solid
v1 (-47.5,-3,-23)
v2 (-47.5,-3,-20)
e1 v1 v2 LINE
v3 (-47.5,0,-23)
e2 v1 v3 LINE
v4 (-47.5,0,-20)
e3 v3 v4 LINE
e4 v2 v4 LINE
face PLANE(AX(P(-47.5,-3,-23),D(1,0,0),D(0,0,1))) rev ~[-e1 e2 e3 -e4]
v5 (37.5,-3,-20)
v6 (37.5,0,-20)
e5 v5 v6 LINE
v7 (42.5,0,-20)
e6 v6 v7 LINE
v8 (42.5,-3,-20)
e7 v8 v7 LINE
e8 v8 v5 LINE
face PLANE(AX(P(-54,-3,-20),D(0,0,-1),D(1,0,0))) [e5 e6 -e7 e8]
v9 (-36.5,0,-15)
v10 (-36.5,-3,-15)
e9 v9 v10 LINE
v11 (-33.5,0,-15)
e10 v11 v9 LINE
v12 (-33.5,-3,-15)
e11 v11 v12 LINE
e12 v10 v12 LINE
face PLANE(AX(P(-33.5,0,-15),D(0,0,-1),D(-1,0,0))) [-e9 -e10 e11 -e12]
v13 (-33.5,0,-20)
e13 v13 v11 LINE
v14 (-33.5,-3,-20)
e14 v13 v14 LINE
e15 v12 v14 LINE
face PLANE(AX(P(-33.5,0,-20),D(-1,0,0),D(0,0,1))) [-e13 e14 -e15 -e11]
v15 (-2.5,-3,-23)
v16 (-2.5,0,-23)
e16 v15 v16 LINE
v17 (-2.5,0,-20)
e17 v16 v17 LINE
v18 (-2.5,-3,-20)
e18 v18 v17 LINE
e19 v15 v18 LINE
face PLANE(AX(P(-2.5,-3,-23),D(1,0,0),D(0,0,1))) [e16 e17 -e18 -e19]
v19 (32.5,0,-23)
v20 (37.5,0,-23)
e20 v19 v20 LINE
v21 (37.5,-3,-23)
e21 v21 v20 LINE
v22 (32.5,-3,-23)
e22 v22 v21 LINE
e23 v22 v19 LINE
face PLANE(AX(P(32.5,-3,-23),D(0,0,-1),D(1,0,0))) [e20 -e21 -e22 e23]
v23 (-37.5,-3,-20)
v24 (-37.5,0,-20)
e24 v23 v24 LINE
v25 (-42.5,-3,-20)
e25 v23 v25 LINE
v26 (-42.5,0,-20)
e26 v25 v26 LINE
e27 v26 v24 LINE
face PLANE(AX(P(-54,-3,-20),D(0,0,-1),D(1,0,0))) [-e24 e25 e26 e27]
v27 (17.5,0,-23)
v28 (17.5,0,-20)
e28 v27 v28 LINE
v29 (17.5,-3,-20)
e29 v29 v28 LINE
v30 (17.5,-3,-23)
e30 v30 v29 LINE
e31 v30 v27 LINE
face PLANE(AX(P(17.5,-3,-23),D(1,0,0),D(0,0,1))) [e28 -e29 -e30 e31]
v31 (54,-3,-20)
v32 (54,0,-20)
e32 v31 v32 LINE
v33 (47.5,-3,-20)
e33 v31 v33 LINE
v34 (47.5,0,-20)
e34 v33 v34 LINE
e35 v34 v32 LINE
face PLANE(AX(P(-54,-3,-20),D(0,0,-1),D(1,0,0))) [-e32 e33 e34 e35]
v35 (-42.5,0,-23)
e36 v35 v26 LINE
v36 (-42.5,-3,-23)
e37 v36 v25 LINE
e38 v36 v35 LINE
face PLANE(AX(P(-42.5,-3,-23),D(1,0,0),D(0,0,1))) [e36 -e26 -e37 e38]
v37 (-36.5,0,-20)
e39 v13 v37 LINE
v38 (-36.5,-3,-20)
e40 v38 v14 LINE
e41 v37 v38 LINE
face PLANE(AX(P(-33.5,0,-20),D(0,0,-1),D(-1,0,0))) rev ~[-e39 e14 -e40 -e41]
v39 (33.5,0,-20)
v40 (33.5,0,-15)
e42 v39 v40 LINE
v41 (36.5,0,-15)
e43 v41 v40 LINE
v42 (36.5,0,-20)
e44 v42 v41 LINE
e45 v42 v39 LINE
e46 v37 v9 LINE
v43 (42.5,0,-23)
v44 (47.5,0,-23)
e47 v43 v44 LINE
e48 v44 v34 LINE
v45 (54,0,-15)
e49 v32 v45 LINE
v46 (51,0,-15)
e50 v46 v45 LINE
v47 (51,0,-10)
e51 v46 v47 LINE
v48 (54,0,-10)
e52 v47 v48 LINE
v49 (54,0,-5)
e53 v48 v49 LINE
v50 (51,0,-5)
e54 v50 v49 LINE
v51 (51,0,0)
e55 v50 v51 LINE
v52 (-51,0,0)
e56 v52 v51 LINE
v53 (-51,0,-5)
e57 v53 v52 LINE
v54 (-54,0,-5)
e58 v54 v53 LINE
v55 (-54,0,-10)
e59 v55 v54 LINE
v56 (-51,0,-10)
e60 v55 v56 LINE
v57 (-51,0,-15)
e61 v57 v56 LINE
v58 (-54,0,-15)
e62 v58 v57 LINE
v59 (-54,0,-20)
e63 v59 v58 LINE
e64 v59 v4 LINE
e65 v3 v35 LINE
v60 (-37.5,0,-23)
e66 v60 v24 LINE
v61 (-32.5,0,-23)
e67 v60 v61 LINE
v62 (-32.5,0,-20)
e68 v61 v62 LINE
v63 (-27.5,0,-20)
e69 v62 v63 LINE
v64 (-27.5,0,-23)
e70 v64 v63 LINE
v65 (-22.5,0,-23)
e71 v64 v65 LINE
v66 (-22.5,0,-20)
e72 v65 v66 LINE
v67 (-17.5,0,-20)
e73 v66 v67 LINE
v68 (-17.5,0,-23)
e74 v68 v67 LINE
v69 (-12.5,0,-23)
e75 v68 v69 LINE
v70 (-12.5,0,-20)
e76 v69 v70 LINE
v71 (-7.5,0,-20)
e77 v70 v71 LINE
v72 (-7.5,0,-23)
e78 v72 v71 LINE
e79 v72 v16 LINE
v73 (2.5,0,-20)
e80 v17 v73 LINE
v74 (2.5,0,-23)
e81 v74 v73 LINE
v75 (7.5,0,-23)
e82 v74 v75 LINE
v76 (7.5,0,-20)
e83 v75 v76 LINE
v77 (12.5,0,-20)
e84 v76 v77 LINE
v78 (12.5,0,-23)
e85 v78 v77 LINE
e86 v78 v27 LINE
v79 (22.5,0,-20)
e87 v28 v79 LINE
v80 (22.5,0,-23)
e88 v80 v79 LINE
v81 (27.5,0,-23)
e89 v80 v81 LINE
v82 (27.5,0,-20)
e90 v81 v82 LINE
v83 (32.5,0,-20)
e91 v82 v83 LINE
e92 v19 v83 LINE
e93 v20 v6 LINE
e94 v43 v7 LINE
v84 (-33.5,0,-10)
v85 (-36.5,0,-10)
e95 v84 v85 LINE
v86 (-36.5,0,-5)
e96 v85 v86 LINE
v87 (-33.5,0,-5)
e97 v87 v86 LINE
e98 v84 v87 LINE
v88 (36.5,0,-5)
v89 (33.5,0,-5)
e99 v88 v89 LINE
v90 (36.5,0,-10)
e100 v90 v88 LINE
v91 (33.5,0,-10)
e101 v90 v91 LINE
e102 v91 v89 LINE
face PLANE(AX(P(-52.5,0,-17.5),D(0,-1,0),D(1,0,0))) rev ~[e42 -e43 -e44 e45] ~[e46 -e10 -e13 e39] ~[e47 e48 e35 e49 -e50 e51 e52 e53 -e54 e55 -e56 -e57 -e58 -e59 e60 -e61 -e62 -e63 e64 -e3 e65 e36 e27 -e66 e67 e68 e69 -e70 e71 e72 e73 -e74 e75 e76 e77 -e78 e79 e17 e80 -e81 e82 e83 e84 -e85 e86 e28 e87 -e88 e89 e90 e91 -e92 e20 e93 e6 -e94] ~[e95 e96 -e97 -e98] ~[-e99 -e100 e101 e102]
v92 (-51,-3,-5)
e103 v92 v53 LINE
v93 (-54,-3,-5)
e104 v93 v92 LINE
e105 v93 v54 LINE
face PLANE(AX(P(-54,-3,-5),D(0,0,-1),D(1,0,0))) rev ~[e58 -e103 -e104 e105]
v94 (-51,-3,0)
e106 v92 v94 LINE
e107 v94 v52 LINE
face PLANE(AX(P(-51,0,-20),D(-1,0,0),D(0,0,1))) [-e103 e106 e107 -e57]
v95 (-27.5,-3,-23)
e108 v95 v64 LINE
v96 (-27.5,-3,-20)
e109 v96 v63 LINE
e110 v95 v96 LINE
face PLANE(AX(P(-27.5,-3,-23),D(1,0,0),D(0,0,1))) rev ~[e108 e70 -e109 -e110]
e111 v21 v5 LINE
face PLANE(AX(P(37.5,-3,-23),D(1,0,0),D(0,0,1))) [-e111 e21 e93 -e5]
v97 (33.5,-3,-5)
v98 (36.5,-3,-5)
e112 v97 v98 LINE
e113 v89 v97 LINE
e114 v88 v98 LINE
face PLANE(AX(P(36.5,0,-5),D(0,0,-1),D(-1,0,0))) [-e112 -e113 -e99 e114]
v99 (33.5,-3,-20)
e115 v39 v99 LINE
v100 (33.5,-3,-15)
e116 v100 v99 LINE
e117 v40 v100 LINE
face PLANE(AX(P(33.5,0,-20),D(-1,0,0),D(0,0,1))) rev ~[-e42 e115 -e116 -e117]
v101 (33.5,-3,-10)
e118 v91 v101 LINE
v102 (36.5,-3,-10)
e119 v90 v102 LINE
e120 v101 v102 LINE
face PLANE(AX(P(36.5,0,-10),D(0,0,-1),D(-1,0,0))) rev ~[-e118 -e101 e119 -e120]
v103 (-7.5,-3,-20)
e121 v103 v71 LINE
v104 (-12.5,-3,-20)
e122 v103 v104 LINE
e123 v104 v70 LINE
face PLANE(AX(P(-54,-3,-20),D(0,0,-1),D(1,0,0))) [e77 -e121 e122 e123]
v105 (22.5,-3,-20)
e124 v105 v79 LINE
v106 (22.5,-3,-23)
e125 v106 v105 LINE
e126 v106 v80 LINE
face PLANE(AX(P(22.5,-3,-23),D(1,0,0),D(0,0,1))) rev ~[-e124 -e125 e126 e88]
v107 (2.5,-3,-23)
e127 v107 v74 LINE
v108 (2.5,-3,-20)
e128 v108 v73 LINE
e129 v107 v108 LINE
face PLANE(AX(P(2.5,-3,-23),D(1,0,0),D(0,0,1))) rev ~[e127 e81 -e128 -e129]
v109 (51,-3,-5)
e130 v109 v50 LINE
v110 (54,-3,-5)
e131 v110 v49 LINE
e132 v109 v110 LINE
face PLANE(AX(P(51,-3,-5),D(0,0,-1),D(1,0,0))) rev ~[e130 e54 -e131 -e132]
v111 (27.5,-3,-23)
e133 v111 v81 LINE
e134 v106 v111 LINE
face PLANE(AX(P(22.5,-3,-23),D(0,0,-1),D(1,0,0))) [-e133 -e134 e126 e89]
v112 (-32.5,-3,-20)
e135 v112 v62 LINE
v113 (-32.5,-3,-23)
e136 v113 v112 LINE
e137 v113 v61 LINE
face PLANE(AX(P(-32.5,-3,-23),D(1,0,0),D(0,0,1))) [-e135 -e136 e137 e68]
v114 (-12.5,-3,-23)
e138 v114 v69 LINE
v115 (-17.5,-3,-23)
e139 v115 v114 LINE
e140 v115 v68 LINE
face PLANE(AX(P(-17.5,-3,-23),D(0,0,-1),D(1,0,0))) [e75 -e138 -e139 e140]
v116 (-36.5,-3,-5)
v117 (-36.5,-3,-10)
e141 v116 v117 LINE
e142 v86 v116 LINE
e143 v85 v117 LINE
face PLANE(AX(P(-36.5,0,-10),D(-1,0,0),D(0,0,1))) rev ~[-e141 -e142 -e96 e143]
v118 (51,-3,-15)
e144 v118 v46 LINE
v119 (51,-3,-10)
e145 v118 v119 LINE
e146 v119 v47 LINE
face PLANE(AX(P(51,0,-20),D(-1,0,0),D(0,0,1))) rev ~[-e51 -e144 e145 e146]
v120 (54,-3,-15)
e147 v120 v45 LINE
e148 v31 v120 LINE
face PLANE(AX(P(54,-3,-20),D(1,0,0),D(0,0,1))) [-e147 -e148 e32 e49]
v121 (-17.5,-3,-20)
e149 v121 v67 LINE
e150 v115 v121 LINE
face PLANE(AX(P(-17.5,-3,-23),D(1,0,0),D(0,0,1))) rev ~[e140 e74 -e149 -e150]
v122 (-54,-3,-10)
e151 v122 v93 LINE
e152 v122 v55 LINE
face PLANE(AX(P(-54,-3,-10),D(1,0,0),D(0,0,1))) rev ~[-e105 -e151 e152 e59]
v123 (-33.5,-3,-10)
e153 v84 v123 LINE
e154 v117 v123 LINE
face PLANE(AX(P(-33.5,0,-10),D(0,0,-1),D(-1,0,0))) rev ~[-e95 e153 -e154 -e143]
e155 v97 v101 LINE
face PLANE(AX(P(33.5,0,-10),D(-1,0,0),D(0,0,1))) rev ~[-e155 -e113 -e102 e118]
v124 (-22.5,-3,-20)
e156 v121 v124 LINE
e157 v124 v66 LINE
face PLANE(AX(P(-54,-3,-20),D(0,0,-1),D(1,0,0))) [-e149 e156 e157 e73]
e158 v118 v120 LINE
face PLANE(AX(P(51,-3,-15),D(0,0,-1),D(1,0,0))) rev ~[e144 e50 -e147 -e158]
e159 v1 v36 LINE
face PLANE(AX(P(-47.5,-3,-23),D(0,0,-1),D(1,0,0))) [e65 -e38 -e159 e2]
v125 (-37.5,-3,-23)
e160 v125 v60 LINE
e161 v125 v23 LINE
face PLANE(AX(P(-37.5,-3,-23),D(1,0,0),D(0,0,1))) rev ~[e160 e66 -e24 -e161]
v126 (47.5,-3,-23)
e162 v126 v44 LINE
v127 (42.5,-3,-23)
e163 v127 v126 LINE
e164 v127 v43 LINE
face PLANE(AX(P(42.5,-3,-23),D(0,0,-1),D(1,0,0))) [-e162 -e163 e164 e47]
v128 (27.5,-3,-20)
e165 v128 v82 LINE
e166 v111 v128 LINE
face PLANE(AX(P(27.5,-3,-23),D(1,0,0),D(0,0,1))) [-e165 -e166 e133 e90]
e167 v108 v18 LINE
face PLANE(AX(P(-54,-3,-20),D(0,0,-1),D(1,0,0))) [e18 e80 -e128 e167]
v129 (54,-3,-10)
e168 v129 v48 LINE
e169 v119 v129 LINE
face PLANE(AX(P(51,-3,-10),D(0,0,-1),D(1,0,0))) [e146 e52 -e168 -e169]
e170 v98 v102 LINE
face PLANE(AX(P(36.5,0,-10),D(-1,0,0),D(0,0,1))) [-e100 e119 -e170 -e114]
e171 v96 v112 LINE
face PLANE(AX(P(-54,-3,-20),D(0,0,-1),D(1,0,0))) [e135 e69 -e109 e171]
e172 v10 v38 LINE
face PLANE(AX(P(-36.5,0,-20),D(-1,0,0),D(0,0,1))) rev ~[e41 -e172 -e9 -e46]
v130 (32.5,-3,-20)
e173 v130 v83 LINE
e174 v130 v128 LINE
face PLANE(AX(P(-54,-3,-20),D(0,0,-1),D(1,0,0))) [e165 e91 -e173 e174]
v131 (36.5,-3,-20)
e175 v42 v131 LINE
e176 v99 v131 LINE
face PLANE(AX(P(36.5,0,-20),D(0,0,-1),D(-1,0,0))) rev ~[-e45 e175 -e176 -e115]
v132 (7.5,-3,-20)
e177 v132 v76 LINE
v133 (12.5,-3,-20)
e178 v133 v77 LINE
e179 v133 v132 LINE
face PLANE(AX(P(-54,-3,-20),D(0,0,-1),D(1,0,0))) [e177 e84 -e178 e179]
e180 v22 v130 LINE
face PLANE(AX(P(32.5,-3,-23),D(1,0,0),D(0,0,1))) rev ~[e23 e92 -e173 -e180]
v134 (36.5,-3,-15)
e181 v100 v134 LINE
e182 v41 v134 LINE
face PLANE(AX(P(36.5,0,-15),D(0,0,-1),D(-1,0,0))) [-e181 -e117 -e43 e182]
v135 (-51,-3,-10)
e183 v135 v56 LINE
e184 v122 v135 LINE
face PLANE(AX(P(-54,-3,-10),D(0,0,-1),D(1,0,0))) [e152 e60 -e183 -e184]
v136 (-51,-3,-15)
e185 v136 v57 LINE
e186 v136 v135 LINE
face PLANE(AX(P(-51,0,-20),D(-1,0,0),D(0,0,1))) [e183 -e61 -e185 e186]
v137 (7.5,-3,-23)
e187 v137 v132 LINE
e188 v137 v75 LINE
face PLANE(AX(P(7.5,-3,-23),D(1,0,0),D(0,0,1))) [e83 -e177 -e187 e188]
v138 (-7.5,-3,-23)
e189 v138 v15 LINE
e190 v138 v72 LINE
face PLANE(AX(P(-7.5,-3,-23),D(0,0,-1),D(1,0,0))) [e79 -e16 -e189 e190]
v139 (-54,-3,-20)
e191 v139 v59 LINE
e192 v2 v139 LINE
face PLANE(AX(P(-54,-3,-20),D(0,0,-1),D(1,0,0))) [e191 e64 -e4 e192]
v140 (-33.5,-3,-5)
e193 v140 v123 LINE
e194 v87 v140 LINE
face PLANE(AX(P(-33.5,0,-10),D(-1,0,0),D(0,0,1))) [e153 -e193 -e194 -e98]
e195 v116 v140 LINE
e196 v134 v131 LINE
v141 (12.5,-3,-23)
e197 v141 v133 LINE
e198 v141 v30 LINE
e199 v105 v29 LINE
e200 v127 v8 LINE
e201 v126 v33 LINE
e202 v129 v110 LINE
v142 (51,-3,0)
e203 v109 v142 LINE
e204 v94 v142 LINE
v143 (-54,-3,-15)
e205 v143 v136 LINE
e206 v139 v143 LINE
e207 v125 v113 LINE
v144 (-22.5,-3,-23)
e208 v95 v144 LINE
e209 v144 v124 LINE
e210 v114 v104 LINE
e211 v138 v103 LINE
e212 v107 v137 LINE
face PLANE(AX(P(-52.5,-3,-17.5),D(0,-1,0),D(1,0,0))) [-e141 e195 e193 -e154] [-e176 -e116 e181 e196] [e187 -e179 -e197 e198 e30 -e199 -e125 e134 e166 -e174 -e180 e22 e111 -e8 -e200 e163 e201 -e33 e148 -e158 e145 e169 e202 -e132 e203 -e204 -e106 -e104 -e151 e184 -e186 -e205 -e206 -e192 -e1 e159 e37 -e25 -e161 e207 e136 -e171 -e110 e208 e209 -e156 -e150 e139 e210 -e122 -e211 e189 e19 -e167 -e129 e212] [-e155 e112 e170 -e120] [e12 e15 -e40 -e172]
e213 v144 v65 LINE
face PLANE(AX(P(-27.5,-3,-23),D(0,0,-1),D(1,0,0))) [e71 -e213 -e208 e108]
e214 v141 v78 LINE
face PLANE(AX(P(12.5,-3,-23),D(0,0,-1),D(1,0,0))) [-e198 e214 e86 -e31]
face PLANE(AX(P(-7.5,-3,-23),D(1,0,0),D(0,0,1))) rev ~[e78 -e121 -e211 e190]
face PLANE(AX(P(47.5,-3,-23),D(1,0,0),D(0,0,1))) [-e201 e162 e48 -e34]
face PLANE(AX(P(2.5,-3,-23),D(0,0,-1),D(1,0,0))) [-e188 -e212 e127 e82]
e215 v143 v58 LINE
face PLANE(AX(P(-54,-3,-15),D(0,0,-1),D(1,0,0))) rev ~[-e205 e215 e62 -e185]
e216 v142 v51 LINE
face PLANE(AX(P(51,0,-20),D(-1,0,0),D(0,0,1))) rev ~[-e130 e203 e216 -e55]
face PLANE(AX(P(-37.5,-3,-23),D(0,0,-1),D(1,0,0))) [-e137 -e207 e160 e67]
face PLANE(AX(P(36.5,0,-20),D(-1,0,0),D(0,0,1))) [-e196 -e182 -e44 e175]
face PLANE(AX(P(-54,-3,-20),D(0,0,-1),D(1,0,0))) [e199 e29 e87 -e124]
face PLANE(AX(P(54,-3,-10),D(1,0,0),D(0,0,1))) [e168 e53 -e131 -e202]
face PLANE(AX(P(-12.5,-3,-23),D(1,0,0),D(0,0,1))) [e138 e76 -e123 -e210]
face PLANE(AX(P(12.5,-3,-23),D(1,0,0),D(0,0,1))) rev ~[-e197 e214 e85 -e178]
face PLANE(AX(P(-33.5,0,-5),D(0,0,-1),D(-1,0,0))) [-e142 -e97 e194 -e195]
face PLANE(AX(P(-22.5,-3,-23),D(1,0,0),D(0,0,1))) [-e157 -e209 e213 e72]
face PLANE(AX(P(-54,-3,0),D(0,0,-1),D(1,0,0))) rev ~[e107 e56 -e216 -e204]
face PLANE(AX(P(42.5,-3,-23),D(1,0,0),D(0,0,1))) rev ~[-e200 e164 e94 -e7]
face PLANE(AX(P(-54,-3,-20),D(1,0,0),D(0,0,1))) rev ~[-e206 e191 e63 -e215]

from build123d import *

# Parameters (mm, degrees)
F0_W     = 102
F0_H     = 40
F1_DEPTH = 3
F2_W     = 3
F2_H     = 5
F3_DEPTH = 3
F4_W     = 5
F4_H     = 3
F5_DEPTH = 3
F6_W     = 114.49237
F6_H     = 23.447346
F7_DEPTH = 25
F8_W     = 3
F8_H     = 5
F9_DEPTH = 25


with BuildPart() as f1:
    # F0 (on Front) → F1 (new body)
    with BuildSketch(Plane.XZ):
        Rectangle(F0_W, F0_H)
    extrude(amount=F1_DEPTH)

    # F2 (on face) → F3 (join)
    with BuildSketch(Plane.XZ.offset(3)):
        with Locations((-52.5, -17.5)):
            Rectangle(F2_W, F2_H)
        with Locations((-52.5, -7.5)):
            Rectangle(F2_W, F2_H)
        with Locations((-52.5, 2.5)):
            Rectangle(F2_W, F2_H)
        with Locations((-52.5, 12.5)):
            Rectangle(F2_W, F2_H)
        with Locations((52.5, -7.5)):
            Rectangle(F2_W, F2_H)
        with Locations((52.5, -17.5)):
            Rectangle(F2_W, F2_H)
        with Locations((52.5, 12.5)):
            Rectangle(F2_W, F2_H)
        with Locations((52.5, 2.5)):
            Rectangle(F2_W, F2_H)
    extrude(amount=-F3_DEPTH)

    # F4 (on face) → F5 (join)
    with BuildSketch(Plane.XZ.offset(3)):
        with Locations((5, -21.5)):
            Rectangle(F4_W, F4_H)
        with Locations((15, -21.5)):
            Rectangle(F4_W, F4_H)
        with Locations((25, -21.5)):
            Rectangle(F4_W, F4_H)
        with Locations((35, -21.5)):
            Rectangle(F4_W, F4_H)
        with Locations((45, -21.5)):
            Rectangle(F4_W, F4_H)
        with Locations((-25, -21.5)):
            Rectangle(F4_W, F4_H)
        with Locations((-15, -21.5)):
            Rectangle(F4_W, F4_H)
        with Locations((-5, -21.5)):
            Rectangle(F4_W, F4_H)
        with Locations((-35, -21.5)):
            Rectangle(F4_W, F4_H)
        with Locations((-45, -21.5)):
            Rectangle(F4_W, F4_H)
    extrude(amount=-F5_DEPTH)

    # F6 (on face) → F7 (cut)
    with BuildSketch(Plane.XZ.offset(3)):
        with Locations((3.246185, 11.723673)):
            Rectangle(F6_W, F6_H)
    extrude(amount=-F7_DEPTH, mode=Mode.SUBTRACT)

    # F8 (on face) → F9 (cut)
    with BuildSketch(Plane(origin=(0, 0, 0), x_dir=(-1, 0, 0), z_dir=(0, 1, 0))):
        with Locations((-35, -17.5)):
            Rectangle(F8_W, F8_H)
        with Locations((-35, -7.5)):
            Rectangle(F8_W, F8_H)
        with Locations((35, -7.5)):
            Rectangle(F8_W, F8_H)
        with Locations((35, -17.5)):
            Rectangle(F8_W, F8_H)
    extrude(amount=-F9_DEPTH, mode=Mode.SUBTRACT)


solid = f1.part
